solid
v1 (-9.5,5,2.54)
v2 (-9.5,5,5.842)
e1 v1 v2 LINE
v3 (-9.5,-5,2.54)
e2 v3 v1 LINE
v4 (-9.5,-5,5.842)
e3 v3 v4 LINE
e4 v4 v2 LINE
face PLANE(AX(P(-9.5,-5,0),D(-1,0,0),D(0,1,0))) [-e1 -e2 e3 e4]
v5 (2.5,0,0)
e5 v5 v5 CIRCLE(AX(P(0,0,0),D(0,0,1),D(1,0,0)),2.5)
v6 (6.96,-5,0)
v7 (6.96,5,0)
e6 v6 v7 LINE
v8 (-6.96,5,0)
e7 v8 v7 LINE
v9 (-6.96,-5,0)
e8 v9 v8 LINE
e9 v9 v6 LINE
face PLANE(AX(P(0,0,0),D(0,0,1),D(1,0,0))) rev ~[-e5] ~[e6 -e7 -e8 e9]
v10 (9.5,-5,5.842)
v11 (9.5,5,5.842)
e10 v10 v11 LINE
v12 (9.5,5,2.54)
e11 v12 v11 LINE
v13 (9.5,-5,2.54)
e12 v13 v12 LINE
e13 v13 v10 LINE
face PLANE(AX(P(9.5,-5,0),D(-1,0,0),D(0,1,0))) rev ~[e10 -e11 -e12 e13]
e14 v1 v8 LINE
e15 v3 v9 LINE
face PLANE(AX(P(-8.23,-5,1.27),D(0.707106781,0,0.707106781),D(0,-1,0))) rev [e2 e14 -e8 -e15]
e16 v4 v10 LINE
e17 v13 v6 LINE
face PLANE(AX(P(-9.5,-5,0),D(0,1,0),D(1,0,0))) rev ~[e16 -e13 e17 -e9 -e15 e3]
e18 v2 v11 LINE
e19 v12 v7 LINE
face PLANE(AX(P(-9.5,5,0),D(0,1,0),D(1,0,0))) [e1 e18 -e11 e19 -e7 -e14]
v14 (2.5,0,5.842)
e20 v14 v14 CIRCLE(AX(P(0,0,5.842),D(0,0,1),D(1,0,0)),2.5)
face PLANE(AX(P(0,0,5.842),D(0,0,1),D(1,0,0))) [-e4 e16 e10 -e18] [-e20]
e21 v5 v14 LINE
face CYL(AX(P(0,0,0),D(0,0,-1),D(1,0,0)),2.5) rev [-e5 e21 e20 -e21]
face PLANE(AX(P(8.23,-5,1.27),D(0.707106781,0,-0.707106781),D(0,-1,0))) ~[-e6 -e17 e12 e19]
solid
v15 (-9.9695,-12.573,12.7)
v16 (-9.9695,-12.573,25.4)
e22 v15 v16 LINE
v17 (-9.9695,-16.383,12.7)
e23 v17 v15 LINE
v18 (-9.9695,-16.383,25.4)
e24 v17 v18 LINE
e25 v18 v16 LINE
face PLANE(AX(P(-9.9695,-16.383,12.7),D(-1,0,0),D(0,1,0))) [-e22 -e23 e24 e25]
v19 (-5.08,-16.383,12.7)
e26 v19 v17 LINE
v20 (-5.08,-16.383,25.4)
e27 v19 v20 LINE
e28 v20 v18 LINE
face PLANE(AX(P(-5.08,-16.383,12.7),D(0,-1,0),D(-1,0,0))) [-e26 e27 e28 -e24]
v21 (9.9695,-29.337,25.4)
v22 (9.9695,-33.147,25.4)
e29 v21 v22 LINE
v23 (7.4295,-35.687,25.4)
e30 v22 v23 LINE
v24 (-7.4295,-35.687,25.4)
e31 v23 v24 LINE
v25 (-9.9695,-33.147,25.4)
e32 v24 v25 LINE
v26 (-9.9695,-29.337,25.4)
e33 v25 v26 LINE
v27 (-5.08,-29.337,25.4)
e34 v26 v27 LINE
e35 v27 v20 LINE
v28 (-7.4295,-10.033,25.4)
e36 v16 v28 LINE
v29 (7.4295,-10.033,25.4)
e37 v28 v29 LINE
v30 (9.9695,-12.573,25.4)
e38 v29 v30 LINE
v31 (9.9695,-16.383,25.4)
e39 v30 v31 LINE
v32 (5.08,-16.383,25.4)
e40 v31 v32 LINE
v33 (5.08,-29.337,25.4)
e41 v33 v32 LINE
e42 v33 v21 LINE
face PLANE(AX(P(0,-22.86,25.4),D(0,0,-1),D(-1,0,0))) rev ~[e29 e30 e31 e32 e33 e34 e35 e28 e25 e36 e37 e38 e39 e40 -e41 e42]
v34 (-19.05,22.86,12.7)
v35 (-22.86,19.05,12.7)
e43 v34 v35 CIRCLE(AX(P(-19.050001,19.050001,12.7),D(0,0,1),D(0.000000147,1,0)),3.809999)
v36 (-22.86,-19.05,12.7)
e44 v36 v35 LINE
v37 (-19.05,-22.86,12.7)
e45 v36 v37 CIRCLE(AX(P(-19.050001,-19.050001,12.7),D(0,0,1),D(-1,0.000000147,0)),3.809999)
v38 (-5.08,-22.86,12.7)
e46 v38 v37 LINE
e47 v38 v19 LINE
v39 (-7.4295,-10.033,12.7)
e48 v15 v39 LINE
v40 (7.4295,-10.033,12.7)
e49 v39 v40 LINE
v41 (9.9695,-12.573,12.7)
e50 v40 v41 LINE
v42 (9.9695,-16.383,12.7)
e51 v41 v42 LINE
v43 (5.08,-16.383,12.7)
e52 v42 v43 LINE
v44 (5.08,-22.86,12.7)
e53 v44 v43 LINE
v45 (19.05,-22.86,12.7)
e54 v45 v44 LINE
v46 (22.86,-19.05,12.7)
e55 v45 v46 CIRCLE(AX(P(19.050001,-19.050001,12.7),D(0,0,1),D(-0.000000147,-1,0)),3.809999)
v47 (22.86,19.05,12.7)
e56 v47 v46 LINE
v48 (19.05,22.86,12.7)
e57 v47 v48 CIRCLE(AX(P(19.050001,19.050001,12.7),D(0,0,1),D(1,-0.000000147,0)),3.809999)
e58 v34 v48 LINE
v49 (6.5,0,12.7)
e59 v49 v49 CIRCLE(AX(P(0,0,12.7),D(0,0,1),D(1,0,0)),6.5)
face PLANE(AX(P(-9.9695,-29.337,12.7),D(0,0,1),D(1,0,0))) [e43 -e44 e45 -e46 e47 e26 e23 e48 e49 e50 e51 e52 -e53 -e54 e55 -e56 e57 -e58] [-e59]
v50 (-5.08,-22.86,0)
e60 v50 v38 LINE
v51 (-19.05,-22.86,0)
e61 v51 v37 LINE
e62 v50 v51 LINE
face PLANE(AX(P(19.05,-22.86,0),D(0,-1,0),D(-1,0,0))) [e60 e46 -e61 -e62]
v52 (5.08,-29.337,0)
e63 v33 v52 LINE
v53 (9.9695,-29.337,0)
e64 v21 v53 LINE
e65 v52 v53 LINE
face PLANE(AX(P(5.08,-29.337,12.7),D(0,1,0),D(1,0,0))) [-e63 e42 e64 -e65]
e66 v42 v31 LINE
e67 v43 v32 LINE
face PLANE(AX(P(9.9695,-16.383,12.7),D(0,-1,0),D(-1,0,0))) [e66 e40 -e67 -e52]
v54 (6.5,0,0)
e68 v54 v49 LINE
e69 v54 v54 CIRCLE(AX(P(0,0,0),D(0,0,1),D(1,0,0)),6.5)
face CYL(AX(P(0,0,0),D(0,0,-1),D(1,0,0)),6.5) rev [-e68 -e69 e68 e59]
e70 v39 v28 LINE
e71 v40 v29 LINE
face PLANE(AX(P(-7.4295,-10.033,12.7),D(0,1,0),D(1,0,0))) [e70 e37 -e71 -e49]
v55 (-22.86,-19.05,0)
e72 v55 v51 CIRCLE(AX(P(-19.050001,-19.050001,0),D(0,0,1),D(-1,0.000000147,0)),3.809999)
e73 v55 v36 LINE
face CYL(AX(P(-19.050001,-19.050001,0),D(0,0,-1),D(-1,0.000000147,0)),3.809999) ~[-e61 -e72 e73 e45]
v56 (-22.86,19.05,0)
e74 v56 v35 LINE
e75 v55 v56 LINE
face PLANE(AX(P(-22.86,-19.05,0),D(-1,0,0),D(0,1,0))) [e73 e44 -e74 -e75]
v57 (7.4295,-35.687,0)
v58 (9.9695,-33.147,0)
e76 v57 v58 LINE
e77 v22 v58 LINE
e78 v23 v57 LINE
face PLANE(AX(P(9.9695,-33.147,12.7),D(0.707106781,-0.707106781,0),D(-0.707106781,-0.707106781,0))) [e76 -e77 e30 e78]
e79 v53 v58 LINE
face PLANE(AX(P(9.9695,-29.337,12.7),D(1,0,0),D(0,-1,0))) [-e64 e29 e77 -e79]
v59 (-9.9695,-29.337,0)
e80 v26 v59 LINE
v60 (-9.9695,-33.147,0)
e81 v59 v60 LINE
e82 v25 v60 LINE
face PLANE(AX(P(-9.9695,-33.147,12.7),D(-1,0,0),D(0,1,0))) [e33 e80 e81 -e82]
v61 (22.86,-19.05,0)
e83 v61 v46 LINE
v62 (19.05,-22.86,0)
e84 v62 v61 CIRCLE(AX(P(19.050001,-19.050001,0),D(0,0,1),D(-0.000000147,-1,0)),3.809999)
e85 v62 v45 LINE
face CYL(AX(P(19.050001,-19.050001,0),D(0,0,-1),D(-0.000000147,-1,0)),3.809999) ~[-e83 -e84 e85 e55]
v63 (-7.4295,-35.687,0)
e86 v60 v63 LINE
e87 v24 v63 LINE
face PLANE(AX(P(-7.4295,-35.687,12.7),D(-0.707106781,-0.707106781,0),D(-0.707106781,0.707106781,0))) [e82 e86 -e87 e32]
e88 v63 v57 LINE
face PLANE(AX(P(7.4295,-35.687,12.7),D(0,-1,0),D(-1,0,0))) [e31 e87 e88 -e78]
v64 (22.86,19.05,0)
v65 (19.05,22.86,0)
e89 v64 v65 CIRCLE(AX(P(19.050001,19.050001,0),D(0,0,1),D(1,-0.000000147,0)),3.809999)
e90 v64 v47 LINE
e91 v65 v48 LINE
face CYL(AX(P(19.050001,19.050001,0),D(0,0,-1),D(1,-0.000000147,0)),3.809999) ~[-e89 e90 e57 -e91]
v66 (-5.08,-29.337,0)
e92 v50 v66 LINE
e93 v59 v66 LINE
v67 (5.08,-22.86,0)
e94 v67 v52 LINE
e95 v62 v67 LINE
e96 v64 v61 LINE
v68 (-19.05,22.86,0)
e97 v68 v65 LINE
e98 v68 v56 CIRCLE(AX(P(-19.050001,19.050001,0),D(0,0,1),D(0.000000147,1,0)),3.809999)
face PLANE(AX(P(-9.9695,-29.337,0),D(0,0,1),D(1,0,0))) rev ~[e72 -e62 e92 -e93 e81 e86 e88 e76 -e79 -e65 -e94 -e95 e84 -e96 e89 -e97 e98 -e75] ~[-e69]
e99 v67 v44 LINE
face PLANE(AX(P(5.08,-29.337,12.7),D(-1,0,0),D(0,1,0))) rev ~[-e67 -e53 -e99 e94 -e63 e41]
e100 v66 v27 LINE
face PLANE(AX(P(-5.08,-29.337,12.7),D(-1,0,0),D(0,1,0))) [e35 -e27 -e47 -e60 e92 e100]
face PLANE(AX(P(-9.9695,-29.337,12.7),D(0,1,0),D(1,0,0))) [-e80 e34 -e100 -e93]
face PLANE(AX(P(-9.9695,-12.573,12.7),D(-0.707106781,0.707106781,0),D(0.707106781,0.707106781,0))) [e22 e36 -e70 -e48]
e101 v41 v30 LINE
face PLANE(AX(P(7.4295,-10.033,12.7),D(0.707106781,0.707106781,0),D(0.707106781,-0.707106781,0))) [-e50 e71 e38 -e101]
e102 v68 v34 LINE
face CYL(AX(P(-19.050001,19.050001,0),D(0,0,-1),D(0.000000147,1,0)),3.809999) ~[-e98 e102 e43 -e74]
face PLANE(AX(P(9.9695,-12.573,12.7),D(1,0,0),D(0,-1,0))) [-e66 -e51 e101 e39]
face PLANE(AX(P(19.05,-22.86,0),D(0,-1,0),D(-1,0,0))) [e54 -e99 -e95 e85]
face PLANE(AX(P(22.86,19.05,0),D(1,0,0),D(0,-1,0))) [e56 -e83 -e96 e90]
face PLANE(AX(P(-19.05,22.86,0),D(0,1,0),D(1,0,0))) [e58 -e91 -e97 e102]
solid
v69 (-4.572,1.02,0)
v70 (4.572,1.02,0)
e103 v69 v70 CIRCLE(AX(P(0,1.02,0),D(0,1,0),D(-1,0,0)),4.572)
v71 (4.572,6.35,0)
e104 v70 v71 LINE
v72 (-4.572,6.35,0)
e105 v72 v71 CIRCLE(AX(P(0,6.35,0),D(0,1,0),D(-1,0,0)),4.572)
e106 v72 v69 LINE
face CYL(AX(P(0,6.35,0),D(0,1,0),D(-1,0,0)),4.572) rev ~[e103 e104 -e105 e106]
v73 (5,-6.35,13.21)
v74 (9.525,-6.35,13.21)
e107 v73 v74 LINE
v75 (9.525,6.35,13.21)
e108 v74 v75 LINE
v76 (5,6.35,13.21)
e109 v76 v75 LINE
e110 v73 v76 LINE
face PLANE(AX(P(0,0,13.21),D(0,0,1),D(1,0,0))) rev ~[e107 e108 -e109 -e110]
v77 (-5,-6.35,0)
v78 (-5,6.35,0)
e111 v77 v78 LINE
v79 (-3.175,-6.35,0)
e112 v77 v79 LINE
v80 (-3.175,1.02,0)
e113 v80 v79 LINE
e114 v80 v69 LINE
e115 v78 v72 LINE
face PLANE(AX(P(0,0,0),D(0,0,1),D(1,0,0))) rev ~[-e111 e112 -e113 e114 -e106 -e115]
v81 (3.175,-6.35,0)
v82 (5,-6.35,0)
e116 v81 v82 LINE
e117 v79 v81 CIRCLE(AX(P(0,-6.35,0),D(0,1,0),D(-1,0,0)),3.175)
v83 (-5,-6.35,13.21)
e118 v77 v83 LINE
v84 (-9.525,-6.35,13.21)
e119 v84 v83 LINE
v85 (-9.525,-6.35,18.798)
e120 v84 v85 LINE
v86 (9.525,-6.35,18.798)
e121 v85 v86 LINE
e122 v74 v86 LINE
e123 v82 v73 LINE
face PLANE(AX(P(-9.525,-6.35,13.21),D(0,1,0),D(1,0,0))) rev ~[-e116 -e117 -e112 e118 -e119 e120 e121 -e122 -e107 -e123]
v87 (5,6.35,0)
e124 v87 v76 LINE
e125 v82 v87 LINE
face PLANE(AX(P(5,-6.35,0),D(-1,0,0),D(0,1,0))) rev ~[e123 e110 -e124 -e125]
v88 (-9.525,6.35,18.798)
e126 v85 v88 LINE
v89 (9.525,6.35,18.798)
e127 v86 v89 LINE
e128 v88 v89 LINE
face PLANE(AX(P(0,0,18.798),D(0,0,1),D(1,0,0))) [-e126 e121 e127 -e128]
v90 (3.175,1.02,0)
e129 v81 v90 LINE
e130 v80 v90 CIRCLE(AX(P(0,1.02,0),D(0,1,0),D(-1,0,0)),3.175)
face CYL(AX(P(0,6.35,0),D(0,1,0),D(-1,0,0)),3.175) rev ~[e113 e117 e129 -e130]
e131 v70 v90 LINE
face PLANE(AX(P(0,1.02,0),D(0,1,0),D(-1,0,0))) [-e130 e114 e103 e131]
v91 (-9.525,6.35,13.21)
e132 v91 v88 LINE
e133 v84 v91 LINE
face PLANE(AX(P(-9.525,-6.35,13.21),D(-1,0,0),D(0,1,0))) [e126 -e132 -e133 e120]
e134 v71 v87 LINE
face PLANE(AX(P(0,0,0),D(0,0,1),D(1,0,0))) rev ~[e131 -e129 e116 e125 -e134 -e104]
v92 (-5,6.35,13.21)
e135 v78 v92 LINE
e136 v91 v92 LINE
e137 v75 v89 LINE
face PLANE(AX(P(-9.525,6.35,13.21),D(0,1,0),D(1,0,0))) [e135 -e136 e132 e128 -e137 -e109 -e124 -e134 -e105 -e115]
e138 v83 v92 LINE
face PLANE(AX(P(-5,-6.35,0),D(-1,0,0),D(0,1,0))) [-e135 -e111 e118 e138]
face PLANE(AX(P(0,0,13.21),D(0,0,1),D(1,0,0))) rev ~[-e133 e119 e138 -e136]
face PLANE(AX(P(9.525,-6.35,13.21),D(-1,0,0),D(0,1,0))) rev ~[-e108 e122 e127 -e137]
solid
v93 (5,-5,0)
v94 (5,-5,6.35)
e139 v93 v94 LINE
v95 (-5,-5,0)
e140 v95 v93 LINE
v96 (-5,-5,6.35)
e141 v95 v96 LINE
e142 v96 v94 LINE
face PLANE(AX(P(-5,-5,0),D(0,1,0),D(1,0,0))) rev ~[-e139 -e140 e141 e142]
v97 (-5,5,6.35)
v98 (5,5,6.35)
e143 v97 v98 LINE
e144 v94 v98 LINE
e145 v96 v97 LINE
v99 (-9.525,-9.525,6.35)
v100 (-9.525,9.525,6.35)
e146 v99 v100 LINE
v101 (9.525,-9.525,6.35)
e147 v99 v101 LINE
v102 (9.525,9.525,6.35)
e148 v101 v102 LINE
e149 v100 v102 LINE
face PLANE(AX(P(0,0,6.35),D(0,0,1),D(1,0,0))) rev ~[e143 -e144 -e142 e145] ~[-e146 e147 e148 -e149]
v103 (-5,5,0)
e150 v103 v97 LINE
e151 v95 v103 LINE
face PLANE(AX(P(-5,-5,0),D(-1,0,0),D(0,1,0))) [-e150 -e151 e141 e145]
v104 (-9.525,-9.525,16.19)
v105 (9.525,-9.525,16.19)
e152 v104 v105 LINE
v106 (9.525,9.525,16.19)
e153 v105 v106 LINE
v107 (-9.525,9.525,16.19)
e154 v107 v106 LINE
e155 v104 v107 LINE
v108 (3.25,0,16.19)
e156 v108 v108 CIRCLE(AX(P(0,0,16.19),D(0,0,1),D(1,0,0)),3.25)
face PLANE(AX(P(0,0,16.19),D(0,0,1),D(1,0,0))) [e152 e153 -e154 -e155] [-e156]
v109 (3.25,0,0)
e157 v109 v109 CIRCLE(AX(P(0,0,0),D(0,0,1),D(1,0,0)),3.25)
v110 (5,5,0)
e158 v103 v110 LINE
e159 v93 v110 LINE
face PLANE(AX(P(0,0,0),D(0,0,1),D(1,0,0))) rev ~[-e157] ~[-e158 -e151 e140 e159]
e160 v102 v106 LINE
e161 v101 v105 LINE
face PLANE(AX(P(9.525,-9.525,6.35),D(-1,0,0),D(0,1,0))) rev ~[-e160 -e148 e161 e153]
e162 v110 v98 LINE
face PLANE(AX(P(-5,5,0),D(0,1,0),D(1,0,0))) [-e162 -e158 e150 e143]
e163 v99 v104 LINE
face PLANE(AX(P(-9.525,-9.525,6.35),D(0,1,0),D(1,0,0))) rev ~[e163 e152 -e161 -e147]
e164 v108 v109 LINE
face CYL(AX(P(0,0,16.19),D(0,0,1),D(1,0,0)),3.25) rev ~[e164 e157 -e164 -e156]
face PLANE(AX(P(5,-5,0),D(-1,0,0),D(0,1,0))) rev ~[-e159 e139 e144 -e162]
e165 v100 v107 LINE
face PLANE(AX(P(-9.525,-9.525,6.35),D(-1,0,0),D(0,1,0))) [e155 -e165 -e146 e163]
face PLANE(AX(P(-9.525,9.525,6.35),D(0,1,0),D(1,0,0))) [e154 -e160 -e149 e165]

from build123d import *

# Parameters (mm, degrees)
SKETCH_W        = 19
SKETCH_H        = 10
SKETCH_R        = 2.5
PAD_DEPTH       = 5.842
CHAMFER_SIZE    = 2.54
SKETCH001_W     = 10
SKETCH001_H     = 10
PAD001_DEPTH    = 6.35
SKETCH002_W     = 19.05
SKETCH002_H     = 19.05
PAD002_DEPTH    = 9.84
SKETCH003_R     = 3.25
POCKET_DEPTH    = 16.191
SKETCH004_W     = 10
SKETCH004_H     = 12.7
PAD003_DEPTH    = 13.21
SKETCH005_W     = 19.05
SKETCH005_H     = 12.7
PAD004_DEPTH    = 5.588
SKETCH006_R     = 3.175
POCKET001_DEPTH = 12.701
SKETCH007_R     = 4.572
POCKET002_DEPTH = 5.33
SKETCH008_R     = 6.5
PAD005_DEPTH    = 12.7
SKETCH011_W     = 10.16
SKETCH011_H     = 12.7
PAD008_DEPTH    = 6.477
SKETCH012_W     = 19.939
SKETCH012_H     = 12.7
PAD009_DEPTH    = 6.35
CHAMFER001_SIZE = 2.54
PAD010_DEPTH    = 12.7


with BuildPart() as f_4545_nut_m5:
    # Sketch → Pad (new body)
    with BuildSketch(Plane.XY):
        Rectangle(SKETCH_W, SKETCH_H)
        Circle(SKETCH_R, mode=Mode.SUBTRACT)
    extrude(amount=PAD_DEPTH)

    # Chamfer
    chamfer_edges = [f_4545_nut_m5.edges().sort_by_distance(p)[0] for p in [
        (-9.5, 0, 0),
        (9.5, 0, 0),
    ]]
    chamfer(chamfer_edges, length=CHAMFER_SIZE)


with BuildPart() as vrail_spacer:
    # Sketch001 → Pad001 (new body)
    with BuildSketch(Plane.XY):
        Rectangle(SKETCH001_W, SKETCH001_H)
    extrude(amount=PAD001_DEPTH)

    # Sketch002 (on Face6 of Pad001) → Pad002 (join)
    with BuildSketch(Plane.XY.offset(6.35)):
        Rectangle(SKETCH002_W, SKETCH002_H)
    extrude(amount=PAD002_DEPTH)

    # Sketch003 (on Face5 of Pad002) → Pocket (cut, through all)
    with BuildSketch(Plane.XY.offset(16.19)):
        Circle(SKETCH003_R)
    extrude(amount=-POCKET_DEPTH, mode=Mode.SUBTRACT)


with BuildPart() as sliding_nut:
    # Sketch004 → Pad003 (new body)
    with BuildSketch(Plane.XY):
        Rectangle(SKETCH004_W, SKETCH004_H)
    extrude(amount=PAD003_DEPTH)

    # Sketch005 (on Face6 of Pad003) → Pad004 (join)
    with BuildSketch(Plane.XY.offset(13.21)):
        Rectangle(SKETCH005_W, SKETCH005_H)
    extrude(amount=PAD004_DEPTH)

    # Sketch006 (on Face5 of Pad004) → Pocket001 (cut, through all)
    with BuildSketch(Plane(origin=(0, 6.35, 0), x_dir=(-1, 0, 0), z_dir=(0, 1, 0))):
        Circle(SKETCH006_R)
    extrude(amount=-POCKET001_DEPTH, mode=Mode.SUBTRACT)

    # Sketch007 (on Face5 of Pocket001) → Pocket002 (cut)
    with BuildSketch(Plane(origin=(0, 6.35, 0), x_dir=(-1, 0, 0), z_dir=(0, 1, 0))):
        Circle(SKETCH007_R)
    extrude(amount=-POCKET002_DEPTH, mode=Mode.SUBTRACT)


with BuildPart() as window_cap:
    # Sketch008 → Pad005 (new body)
    with BuildSketch(Plane.XY):
        with BuildLine():
            Line((-19.05, 22.86), (19.05, 22.86))
            ThreePointArc((22.86, 19.05), (21.744077, 21.744077), (19.05, 22.86))
            Line((22.86, 19.05), (22.86, -19.05))
            ThreePointArc((19.05, -22.86), (21.744077, -21.744077), (22.86, -19.05))
            Line((19.05, -22.86), (-19.05, -22.86))
            ThreePointArc((-22.86, -19.05), (-21.744077, -21.744077), (-19.05, -22.86))
            Line((-22.86, -19.05), (-22.86, 19.05))
            ThreePointArc((-19.05, 22.86), (-21.744077, 21.744077), (-22.86, 19.05))
        make_face()
        Circle(SKETCH008_R, mode=Mode.SUBTRACT)
    extrude(amount=PAD005_DEPTH)

    # Sketch011 (on Face5 of Pad005) → Pad008 (join)
    with BuildSketch(Plane.XZ.offset(22.86)):
        with Locations((0, 6.35)):
            Rectangle(SKETCH011_W, SKETCH011_H)
    extrude(amount=PAD008_DEPTH)

    # Sketch012 (on Face17 of Pad008) → Pad009 (join)
    with BuildSketch(Plane.XZ.offset(29.337)):
        with Locations((0, 6.35)):
            Rectangle(SKETCH012_W, SKETCH012_H)
    extrude(amount=PAD009_DEPTH)

    # Chamfer001
    chamfer001_edges = [window_cap.edges().sort_by_distance(p)[0] for p in [
        (-9.9695, -35.687, 6.35),
        (9.9695, -35.687, 6.35),
    ]]
    chamfer(chamfer001_edges, length=CHAMFER001_SIZE)

    # Sketch013 (on Face13 of Chamfer001) → Pad010 (join)
    with BuildSketch(Plane.XY.offset(12.7)):
        Polygon((-7.4295, -10.033), (7.4295, -10.033), (9.9695, -12.573), (9.9695, -16.383), (5.08, -16.383), (5.08, -22.86), (5.08, -29.337), (9.9695, -29.337), (9.9695, -33.147), (7.4295, -35.687), (-7.4295, -35.687), (-9.9695, -33.147), (-9.9695, -29.337), (-5.08, -29.337), (-5.08, -16.383), (-9.9695, -16.383), (-9.9695, -12.573), align=None)
    extrude(amount=PAD010_DEPTH)


solid = Compound([f_4545_nut_m5.part, vrail_spacer.part, sliding_nut.part, window_cap.part])
